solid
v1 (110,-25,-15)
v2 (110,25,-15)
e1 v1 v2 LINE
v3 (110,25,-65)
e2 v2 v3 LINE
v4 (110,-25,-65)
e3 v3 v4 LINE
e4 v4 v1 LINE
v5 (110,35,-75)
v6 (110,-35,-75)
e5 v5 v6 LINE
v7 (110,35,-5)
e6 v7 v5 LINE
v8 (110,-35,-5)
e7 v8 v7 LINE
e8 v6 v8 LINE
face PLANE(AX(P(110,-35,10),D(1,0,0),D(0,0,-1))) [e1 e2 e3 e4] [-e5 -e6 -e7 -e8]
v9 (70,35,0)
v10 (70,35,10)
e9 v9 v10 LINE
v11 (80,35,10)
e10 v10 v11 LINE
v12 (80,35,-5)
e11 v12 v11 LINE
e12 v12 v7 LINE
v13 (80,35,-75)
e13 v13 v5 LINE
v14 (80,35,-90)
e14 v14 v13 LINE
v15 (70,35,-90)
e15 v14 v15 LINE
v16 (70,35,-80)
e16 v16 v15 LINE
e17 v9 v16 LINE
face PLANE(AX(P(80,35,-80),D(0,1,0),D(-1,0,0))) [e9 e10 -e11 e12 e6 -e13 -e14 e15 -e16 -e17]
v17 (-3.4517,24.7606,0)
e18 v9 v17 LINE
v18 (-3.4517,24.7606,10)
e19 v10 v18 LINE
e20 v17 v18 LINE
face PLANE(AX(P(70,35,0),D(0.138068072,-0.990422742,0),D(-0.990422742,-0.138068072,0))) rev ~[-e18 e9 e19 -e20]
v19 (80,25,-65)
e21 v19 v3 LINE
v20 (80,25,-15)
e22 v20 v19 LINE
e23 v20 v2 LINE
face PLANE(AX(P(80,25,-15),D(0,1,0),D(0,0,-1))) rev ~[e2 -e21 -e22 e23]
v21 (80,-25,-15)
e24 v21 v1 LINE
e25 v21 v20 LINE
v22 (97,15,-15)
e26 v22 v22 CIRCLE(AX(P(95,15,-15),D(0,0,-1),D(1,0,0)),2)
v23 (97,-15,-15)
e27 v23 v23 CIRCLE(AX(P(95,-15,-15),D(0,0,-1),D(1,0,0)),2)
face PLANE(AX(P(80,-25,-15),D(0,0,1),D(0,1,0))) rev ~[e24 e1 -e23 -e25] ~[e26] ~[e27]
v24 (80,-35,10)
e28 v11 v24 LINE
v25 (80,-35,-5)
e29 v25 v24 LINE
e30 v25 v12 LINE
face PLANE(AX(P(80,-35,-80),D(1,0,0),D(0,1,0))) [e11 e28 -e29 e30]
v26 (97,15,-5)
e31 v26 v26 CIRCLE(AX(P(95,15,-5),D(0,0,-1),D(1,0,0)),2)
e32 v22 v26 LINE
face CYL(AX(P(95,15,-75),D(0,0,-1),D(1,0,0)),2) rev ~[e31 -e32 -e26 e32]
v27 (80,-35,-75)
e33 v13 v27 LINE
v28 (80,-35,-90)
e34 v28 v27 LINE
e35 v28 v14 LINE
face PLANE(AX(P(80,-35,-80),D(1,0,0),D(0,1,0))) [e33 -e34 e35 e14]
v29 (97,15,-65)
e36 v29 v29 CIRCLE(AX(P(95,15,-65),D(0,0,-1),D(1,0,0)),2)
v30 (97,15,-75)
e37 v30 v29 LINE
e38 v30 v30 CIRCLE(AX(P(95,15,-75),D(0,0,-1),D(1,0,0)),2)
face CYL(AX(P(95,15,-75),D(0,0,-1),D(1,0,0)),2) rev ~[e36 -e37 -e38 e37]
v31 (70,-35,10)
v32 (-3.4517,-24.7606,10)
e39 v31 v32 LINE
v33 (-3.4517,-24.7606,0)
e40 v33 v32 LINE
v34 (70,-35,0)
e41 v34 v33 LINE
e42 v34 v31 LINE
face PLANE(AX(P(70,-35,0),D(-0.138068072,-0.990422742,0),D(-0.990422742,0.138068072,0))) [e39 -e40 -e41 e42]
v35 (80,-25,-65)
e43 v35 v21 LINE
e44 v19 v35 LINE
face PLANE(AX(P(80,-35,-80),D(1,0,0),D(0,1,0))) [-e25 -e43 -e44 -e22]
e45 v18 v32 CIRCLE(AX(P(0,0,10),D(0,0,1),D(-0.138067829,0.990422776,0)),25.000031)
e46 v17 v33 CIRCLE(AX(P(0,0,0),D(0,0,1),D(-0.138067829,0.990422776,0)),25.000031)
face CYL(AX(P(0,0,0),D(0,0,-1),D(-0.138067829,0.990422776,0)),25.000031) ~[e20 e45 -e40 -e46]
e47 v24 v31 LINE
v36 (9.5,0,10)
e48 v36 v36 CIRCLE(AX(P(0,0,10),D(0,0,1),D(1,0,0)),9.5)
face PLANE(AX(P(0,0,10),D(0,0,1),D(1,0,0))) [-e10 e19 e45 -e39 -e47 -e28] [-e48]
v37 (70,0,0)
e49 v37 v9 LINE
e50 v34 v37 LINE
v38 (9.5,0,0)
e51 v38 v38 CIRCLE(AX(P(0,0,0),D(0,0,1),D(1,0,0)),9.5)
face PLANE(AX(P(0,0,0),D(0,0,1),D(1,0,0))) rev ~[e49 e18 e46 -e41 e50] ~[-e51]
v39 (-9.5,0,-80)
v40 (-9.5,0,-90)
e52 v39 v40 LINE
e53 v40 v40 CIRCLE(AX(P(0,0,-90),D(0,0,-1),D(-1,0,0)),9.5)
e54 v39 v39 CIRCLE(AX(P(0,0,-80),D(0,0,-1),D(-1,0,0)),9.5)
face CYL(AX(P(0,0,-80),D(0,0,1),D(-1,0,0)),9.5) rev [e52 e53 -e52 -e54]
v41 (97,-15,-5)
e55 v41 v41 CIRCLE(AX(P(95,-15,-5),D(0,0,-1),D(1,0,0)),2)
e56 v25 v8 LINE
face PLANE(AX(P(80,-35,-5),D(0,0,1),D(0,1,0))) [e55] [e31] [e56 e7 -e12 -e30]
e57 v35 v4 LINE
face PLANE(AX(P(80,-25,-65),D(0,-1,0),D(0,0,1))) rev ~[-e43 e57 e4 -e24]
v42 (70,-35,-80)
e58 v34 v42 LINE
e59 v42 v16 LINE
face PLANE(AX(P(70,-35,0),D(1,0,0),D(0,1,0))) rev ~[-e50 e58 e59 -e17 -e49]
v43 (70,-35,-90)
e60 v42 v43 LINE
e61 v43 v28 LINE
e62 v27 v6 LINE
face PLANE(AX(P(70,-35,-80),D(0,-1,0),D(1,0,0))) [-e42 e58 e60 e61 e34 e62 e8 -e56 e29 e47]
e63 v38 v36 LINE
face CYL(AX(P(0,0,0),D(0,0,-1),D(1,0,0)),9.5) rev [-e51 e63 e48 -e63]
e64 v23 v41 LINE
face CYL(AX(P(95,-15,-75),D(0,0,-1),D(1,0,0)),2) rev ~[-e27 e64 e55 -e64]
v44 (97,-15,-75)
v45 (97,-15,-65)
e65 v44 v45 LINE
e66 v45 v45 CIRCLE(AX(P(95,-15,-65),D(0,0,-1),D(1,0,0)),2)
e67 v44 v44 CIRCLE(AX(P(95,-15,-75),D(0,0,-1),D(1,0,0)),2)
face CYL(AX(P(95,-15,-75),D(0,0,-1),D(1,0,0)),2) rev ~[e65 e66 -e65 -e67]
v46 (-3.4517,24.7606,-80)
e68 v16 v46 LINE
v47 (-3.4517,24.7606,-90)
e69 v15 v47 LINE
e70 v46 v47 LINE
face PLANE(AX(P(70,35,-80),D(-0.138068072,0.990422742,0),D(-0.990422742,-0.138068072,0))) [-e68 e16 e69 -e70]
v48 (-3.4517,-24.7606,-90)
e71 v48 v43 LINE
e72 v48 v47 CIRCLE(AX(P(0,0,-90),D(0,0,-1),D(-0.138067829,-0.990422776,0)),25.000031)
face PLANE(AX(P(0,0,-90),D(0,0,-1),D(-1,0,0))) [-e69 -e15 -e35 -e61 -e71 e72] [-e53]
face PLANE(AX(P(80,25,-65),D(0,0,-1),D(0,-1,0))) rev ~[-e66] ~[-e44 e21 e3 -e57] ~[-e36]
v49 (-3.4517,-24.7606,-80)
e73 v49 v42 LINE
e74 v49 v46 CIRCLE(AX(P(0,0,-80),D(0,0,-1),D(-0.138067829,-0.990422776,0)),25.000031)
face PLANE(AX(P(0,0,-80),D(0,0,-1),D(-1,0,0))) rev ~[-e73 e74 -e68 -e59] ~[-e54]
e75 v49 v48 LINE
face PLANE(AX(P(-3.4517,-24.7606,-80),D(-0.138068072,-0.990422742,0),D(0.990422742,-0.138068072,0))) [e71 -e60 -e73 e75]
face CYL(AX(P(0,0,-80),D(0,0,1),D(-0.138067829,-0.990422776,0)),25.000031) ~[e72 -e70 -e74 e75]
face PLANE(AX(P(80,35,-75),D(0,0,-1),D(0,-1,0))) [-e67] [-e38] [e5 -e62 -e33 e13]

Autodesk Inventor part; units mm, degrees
ref_plane "YZ Plane" through (0, 0, 0) normal (1, 0, 0) x (0, 1, 0)
ref_plane "XZ Plane" through (0, 0, 0) normal (0, 1, 0) x (-1, 0, 0)
sketch "Sketch1" plane through (0, 0, 0) normal (0, 0, 1) x (1, 0, 0)
  circle A0 centre (0, 0) radius 9.5
  line L0 (70, 35) -> (80, 35)
  line L1 (80, 35) -> (80, -35)
  line L2 (80, -35) -> (70, -35)
  line L3 (70, -35) -> (70, 35)
  line L4 (70, 35) -> (80, -35) construction
  line L5 (80, 35) -> (70, -35) construction
  arc A1 (-3.4517, 24.7606) -> (-3.4517, -24.7606) centre (0, 0) ccw
  line L6 (70, 35) -> (-3.4517, 24.7606)
  line L7 (70, -35) -> (-3.4517, -24.7606)
  line L8 (0, 0) -> (70, 0)
  point P0 (75, 0)
  dimension "d0" = 19
  dimension "d11" = 10
  dimension "d12" = 70
  dimension "d13" = 50
  dimension "d25" = 70
extrude "Extrusion1" add sketch "Sketch1" along normal blind 10
ref_plane "Work Plane1" through (0, 0, -80) normal (0, 0, -1) x (-1, 0, 0)
sketch "Sketch2" plane through (0, 0, -80) normal (0, 0, -1) x (-1, 0, 0)
  circle A0 centre (0, 0) radius 9.5 projected
  arc A1 (3.4517, -24.7606) -> (3.4517, 24.7606) centre (0, 0) ccw projected
  line L0 (-70, 35) -> (3.4517, 24.7606) projected
  line L1 (-80, 35) -> (-70, 35) projected
  line L2 (-80, -35) -> (-80, 35) projected
  line L3 (-70, -35) -> (-80, -35) projected
  line L4 (3.4517, -24.7606) -> (-70, -35) projected
  circle A2 centre (0, 0) radius 9.5 projected
extrude "Extrusion2" add sketch "Sketch2" along normal blind 10
extrude "Extrusion3" add sketch "Sketch1" against normal blind 80 contours L3 L0 L1 L2
sketch "Sketch3" plane through (80, -35, 10) normal (1, 0, 0) x (0, 0, -1)
  line L0 (0, 0) -> (0, 70) construction
  line L1 (0, 70) -> (100, 0) construction
  line L2 (100, 0) -> (0, 0) projected
  line L3 (15, 70) -> (85, 70)
  line L4 (85, 70) -> (85, 0)
  line L5 (85, 0) -> (15, 0)
  line L6 (15, 0) -> (15, 70)
  line L7 (15, 70) -> (85, 0) construction
  line L8 (85, 70) -> (15, 0) construction
  line L9 (25, 60) -> (75, 60)
  line L10 (75, 60) -> (75, 10)
  line L11 (75, 10) -> (25, 10)
  line L12 (25, 10) -> (25, 60)
  line L13 (25, 60) -> (75, 10) construction
  line L14 (75, 60) -> (25, 10) construction
  point P0 (10, 35)
  point P1 (50, 35)
  point P2 (50, 35)
  point P3 (15, 0)
  point P4 (160, 0)
  dimension "d14" = 70
  dimension "d15" = 50
  dimension "d16" = 50
extrude "Extrusion4" add sketch "Sketch3" along normal blind 30
sketch "Sketch4" plane through (70, 35, -75) normal (0, 0, -1) x (1, 0, 0)
  line L0 (10, 0) -> (40, 0) construction
  line L1 (40, 70) -> (40, 0) construction
  line L2 (10, 0) -> (40, 70) construction
  line L3 (25, 35) -> (25, 50) construction
  line L4 (25, 50) -> (25, 20) construction
  circle A0 centre (25, 50) radius 2
  circle A1 centre (25, 20) radius 2
  point P0 (-70, 35)
  dimension "d19" = 15
  dimension "d20" = 30
  dimension "d21" = 4
  dimension "d22" = 4
extrude "Extrusion5" cut sketch "Sketch4" against normal blind 70
properties part number "Forearm-End Fork" material "Acrylic, Clear"
